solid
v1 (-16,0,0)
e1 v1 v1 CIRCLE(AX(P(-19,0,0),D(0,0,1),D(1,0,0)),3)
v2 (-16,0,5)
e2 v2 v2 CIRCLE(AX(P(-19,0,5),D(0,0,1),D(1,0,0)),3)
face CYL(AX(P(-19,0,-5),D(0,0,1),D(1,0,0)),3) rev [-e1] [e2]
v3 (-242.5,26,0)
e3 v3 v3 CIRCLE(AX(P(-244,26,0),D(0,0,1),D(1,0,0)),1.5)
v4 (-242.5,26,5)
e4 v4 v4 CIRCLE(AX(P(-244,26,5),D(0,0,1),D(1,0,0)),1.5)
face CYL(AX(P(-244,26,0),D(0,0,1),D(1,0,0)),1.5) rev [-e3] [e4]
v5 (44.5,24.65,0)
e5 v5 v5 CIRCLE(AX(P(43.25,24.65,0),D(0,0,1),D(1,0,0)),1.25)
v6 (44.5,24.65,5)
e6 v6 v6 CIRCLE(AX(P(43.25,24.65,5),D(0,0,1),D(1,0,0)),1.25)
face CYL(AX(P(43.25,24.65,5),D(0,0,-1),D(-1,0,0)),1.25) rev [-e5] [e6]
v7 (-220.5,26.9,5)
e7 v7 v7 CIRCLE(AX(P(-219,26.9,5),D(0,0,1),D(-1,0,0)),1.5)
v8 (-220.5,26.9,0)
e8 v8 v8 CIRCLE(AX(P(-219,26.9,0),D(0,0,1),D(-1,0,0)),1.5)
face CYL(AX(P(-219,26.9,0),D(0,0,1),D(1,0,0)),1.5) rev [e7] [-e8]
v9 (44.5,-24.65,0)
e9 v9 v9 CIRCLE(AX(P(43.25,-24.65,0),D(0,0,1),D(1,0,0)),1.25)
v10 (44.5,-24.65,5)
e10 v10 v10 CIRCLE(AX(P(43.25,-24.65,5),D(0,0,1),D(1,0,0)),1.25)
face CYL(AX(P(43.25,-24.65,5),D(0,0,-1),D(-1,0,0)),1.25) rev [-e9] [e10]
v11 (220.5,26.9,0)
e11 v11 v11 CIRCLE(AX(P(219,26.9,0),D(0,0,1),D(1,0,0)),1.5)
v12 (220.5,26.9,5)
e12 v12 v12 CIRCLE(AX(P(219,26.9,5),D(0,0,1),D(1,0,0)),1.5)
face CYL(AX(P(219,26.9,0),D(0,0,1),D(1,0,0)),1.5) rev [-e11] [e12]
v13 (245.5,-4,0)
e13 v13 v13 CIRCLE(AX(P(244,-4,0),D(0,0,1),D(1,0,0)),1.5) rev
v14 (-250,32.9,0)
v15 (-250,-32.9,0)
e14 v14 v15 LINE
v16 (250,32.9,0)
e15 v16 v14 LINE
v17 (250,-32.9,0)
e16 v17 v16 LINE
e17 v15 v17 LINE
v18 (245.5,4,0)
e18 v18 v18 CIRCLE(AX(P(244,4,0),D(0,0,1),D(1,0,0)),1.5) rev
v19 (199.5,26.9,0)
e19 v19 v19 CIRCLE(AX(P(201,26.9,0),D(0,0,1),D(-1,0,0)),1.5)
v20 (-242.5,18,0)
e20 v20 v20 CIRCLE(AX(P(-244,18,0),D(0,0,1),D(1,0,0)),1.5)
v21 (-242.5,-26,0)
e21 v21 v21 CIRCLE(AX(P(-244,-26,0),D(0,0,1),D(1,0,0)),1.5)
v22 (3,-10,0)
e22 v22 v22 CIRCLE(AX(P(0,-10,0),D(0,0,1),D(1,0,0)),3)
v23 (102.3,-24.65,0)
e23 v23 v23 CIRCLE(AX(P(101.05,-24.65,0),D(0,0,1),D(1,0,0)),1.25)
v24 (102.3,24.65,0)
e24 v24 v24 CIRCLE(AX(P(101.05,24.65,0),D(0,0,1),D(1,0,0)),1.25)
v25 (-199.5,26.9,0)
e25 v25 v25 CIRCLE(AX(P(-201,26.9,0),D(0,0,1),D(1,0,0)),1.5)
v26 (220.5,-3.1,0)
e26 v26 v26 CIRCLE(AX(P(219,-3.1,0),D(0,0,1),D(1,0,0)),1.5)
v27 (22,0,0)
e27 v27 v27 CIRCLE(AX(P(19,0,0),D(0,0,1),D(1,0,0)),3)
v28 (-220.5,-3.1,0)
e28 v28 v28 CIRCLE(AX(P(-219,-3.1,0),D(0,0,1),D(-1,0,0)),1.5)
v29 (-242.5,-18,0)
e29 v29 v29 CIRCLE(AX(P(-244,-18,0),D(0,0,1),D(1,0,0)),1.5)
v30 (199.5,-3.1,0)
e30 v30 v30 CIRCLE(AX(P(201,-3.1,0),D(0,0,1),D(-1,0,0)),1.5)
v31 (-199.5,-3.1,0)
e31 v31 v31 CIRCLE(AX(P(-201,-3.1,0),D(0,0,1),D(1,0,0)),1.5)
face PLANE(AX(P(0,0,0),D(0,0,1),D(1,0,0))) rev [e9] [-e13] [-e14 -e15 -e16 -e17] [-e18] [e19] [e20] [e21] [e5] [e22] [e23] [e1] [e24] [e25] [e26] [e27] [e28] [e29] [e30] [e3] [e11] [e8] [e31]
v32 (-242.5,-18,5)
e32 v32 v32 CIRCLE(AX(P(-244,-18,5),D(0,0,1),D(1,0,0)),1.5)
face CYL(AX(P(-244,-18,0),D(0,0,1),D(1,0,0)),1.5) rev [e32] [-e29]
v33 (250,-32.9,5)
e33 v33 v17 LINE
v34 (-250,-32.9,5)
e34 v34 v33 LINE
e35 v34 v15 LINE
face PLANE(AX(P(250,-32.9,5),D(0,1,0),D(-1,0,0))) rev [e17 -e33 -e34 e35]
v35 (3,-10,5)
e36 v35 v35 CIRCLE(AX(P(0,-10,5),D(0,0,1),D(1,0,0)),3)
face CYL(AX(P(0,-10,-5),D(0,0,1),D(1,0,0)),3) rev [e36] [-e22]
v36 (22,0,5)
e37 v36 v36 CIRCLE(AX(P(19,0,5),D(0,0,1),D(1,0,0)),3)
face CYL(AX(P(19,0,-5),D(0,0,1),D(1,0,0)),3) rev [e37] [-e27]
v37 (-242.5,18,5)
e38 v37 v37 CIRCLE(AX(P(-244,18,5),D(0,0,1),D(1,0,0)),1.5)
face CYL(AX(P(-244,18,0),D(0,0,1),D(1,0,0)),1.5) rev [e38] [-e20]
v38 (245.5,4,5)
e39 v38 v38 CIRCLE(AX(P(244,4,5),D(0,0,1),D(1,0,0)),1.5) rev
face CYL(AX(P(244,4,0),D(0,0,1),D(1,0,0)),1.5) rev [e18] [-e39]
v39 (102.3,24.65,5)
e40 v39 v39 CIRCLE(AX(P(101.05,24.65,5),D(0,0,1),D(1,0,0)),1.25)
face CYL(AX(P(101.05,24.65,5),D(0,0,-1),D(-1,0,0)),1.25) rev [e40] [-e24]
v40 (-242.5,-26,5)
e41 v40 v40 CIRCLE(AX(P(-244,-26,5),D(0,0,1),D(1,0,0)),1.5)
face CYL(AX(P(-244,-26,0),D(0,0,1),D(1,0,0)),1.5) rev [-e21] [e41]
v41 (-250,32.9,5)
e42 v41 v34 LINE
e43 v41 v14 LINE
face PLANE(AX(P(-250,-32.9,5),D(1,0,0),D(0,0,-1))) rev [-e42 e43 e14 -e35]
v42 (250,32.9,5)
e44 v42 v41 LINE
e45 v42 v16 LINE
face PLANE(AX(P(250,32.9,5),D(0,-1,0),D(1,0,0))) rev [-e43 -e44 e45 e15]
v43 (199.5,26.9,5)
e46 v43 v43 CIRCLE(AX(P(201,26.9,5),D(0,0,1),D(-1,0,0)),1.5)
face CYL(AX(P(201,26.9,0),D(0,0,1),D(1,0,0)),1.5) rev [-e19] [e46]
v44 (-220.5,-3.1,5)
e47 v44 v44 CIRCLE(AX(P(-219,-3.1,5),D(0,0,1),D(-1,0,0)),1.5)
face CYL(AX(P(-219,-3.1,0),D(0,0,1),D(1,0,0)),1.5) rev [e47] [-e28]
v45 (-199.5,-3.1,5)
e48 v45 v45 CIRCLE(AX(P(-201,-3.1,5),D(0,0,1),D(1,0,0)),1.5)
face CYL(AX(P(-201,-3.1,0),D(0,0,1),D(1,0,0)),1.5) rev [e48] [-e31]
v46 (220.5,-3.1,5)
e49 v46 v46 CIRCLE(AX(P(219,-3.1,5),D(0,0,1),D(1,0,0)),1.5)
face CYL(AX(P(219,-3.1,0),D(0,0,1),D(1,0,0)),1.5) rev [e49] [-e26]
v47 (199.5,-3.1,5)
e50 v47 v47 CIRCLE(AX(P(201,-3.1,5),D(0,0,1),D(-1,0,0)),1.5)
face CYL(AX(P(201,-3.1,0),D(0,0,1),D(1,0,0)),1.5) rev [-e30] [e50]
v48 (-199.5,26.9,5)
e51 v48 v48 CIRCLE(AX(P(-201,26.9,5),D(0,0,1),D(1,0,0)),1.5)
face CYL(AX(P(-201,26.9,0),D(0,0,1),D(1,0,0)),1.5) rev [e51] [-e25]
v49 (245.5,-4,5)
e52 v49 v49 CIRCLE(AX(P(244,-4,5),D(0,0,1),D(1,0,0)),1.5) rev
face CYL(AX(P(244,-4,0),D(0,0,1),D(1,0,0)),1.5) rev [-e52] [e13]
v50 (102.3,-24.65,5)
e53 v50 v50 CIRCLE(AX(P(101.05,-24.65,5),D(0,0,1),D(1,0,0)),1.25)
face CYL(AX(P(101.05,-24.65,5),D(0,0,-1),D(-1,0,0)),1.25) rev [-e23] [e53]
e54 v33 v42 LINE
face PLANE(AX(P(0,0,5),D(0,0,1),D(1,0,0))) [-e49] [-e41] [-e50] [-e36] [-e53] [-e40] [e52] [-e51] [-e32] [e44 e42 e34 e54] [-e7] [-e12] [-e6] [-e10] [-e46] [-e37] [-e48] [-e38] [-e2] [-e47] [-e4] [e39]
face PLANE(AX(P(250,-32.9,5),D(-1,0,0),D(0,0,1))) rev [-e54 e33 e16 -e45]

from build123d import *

# Parameters (mm, degrees)
SKETCH_3_W          = 500
SKETCH_3_H          = 65.8
SKETCH_3_R          = 1.25
EXTRUDE_2_DEPTH     = 5
SKETCH_4_R          = 1.5
CUT_EXTRUDE_1_DEPTH = 5
SKETCH_5_R          = 1.5
CUT_EXTRUDE_2_DEPTH = 5
SKETCH_6_R          = 3
CUT_EXTRUDE_3_DEPTH = 10


with BuildPart() as part:
    # 草图3 → 凸台-拉伸2 (new body)
    with BuildSketch(Plane.XY):
        Rectangle(SKETCH_3_W, SKETCH_3_H)
        with Locations((43.25, 24.65)):
            Circle(SKETCH_3_R, mode=Mode.SUBTRACT)
        with Locations((43.25, -24.65)):
            Circle(SKETCH_3_R, mode=Mode.SUBTRACT)
        with Locations((101.05, -24.65)):
            Circle(SKETCH_3_R, mode=Mode.SUBTRACT)
        with Locations((101.05, 24.65)):
            Circle(SKETCH_3_R, mode=Mode.SUBTRACT)
    extrude(amount=EXTRUDE_2_DEPTH)

    # 草图4 → 切除-拉伸1 (cut)
    with BuildSketch(Plane.XY.offset(5)):
        with Locations((219, 26.9)):
            Circle(SKETCH_4_R)
        with Locations((219, -3.1)):
            Circle(SKETCH_4_R)
        with Locations((-219, -3.1)):
            Circle(SKETCH_4_R)
        with Locations((-219, 26.9)):
            Circle(SKETCH_4_R)
        with Locations((201, -3.1)):
            Circle(SKETCH_4_R)
        with Locations((201, 26.9)):
            Circle(SKETCH_4_R)
        with Locations((-201, -3.1)):
            Circle(SKETCH_4_R)
        with Locations((-201, 26.9)):
            Circle(SKETCH_4_R)
    extrude(amount=-CUT_EXTRUDE_1_DEPTH, mode=Mode.SUBTRACT)

    # 草图5 → 切除-拉伸2 (cut)
    with BuildSketch(Plane.XY.offset(5)):
        with Locations((-244, 26)):
            Circle(SKETCH_5_R)
        with Locations((-244, 18)):
            Circle(SKETCH_5_R)
        with Locations((-244, -18)):
            Circle(SKETCH_5_R)
        with Locations((-244, -26)):
            Circle(SKETCH_5_R)
        with Locations((244, -4)):
            Circle(SKETCH_5_R)
        with Locations((244, 4)):
            Circle(SKETCH_5_R)
    extrude(amount=-CUT_EXTRUDE_2_DEPTH, mode=Mode.SUBTRACT)

    # 草图6 → 切除-拉伸3 (cut)
    with BuildSketch(Plane.XY.offset(5)):
        with Locations((19, 0)):
            Circle(SKETCH_6_R)
        with Locations((-19, 0)):
            Circle(SKETCH_6_R)
        with Locations((0, -10)):
            Circle(SKETCH_6_R)
    extrude(amount=-CUT_EXTRUDE_3_DEPTH, mode=Mode.SUBTRACT)


solid = part.part
